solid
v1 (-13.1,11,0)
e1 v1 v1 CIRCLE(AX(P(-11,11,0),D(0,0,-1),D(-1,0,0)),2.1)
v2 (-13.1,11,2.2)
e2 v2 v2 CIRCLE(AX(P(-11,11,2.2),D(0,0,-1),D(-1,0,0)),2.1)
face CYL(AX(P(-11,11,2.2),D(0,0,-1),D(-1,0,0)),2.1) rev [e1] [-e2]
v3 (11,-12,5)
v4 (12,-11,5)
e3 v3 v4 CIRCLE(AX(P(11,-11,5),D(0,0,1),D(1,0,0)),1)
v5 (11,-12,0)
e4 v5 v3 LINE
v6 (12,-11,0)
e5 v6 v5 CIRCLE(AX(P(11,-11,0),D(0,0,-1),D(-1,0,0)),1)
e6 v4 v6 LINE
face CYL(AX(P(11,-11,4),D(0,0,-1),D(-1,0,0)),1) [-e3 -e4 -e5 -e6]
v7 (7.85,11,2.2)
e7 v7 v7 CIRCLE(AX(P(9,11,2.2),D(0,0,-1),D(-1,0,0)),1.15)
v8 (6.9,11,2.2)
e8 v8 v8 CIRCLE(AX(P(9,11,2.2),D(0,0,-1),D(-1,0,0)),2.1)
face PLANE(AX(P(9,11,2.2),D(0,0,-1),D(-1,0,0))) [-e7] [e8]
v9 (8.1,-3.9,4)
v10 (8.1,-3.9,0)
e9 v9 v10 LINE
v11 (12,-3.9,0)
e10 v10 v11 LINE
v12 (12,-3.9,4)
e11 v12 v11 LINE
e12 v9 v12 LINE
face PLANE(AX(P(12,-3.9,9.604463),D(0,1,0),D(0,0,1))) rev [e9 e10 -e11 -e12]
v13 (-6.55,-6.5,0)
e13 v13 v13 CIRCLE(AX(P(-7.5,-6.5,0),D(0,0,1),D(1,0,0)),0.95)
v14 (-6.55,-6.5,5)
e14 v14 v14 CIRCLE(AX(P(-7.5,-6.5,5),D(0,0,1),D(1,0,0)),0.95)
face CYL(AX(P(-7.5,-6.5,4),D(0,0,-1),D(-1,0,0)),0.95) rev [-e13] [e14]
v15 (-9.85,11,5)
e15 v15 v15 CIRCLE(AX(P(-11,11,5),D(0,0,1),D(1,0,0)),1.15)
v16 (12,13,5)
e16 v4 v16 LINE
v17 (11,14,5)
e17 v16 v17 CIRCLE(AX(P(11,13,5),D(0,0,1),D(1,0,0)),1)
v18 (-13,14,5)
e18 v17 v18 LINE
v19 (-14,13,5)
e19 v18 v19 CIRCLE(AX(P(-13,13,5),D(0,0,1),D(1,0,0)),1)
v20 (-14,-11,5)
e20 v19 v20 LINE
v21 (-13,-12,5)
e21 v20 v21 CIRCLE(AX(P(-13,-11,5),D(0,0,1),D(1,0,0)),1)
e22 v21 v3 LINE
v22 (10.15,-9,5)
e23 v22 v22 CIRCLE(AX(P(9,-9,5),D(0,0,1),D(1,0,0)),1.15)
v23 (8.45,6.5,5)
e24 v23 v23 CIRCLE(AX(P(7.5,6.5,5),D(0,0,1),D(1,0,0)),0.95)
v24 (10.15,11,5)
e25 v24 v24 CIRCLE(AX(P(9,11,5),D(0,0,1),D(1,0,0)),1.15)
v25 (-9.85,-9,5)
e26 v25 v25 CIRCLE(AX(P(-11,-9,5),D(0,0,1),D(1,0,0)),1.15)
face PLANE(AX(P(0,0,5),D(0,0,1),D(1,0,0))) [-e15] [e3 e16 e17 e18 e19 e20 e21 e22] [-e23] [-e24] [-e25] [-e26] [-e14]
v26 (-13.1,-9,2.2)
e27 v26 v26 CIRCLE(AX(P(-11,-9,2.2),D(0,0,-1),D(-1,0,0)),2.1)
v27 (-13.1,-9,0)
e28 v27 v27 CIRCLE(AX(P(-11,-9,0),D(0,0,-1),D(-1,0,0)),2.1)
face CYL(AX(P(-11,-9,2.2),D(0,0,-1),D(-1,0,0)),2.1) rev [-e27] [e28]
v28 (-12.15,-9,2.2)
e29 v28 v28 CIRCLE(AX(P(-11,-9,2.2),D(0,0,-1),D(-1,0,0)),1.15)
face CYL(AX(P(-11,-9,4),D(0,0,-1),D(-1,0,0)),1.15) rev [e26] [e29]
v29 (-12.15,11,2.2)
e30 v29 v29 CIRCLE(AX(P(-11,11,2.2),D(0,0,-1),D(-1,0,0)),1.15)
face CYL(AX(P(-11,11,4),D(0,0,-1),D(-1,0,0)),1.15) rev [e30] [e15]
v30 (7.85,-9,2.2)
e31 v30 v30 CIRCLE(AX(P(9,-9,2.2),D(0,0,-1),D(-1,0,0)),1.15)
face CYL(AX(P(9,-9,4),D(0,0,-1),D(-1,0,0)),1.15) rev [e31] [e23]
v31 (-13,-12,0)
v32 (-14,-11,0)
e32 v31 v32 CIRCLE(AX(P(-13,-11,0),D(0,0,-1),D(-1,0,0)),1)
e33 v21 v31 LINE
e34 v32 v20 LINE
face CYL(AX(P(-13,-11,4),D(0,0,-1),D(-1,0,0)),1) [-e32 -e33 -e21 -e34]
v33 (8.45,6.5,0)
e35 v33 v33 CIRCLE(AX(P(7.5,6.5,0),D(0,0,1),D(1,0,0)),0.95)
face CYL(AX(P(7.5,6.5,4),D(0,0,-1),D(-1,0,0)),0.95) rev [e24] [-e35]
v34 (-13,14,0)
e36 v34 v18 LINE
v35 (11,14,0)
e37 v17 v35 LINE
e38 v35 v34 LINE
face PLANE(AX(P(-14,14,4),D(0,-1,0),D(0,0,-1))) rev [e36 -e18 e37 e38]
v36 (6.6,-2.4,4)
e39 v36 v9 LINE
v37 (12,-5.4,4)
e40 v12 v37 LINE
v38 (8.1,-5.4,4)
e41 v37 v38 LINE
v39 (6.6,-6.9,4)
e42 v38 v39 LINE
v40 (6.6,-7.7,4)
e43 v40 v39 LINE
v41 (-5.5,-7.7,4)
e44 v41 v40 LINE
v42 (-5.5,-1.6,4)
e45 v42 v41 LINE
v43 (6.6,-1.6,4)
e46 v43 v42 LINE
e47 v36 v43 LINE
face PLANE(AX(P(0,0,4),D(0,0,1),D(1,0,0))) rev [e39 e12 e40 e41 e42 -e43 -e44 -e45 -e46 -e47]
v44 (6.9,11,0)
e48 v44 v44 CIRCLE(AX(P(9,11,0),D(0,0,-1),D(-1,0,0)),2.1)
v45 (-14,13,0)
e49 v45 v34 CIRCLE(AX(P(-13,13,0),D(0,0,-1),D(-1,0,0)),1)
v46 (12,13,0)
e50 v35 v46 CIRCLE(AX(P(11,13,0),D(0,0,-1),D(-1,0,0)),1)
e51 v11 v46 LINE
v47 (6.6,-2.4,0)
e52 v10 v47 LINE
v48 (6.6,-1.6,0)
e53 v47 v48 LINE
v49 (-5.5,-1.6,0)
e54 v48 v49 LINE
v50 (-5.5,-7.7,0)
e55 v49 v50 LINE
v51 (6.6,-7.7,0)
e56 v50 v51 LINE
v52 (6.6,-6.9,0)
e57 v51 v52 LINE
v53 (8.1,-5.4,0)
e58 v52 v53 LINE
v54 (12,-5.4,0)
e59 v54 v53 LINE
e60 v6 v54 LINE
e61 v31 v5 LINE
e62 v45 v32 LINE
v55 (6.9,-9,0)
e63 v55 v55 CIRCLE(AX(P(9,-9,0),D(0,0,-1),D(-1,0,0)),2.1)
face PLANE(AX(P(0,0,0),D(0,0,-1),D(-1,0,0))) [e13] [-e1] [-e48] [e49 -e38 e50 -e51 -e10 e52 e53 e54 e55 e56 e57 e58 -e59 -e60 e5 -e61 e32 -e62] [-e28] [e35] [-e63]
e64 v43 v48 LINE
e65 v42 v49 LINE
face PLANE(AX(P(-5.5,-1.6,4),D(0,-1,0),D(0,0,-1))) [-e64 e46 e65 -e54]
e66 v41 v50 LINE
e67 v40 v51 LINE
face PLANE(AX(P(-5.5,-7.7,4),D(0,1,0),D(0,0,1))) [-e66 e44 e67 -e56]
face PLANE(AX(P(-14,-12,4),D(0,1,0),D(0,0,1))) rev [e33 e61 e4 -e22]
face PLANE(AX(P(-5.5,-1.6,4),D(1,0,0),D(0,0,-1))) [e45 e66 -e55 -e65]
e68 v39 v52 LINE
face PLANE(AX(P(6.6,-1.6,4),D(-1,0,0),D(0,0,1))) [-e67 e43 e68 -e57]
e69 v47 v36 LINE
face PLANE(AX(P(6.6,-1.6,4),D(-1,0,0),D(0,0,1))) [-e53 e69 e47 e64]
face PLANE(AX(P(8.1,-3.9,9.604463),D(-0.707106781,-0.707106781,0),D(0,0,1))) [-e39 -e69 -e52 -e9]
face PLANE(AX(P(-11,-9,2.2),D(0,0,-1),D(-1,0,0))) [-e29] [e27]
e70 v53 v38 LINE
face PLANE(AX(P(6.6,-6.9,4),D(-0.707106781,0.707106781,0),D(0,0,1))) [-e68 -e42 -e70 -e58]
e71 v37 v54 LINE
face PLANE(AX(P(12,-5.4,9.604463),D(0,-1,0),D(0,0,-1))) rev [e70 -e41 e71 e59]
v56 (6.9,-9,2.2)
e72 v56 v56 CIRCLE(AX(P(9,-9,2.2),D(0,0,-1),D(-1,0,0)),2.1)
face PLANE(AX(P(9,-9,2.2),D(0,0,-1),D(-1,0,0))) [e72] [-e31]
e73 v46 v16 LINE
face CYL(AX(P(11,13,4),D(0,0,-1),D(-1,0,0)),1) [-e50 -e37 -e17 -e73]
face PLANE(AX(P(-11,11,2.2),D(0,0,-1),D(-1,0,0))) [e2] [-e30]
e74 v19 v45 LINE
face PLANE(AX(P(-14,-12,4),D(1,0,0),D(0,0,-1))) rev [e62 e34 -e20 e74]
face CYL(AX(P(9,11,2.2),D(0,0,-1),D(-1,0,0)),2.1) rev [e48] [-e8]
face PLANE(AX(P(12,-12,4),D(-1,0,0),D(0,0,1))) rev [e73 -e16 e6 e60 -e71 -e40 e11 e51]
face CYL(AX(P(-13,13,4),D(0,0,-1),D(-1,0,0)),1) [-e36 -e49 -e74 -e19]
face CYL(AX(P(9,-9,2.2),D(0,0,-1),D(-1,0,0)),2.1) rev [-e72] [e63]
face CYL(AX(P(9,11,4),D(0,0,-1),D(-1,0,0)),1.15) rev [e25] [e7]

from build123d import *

# Parameters (mm, degrees)
SKETCH1_W           = 26
SKETCH1_H           = 26
SKETCH1_R           = 1.15
SKETCH1_R_2         = 0.95
SKETCH1_W_2         = 12.1
SKETCH1_H_2         = 6.1
BOSS_EXTRUDE1_DEPTH = 4
SKETCH7_W           = 26
SKETCH7_H           = 26
SKETCH7_R           = 0.95
SKETCH7_R_2         = 1.15
BOSS_EXTRUDE4_DEPTH = 1
SKETCH8_R           = 2.1
CUT_EXTRUDE5_DEPTH  = 2.2
SKETCH3_W           = 5.4
SKETCH3_H           = 1.5
CUT_EXTRUDE6_DEPTH  = 4
CHAMFER2_SIZE       = 1.5
FILLET1_R           = 1


with BuildPart() as part:
    # Sketch1 → Boss-Extrude1 (new body)
    with BuildSketch(Plane.XY):
        with Locations((-1, 1)):
            Rectangle(SKETCH1_W, SKETCH1_H)
        with Locations((-11, 11)):
            Circle(SKETCH1_R, mode=Mode.SUBTRACT)
        with Locations((9, 11)):
            Circle(SKETCH1_R, mode=Mode.SUBTRACT)
        with Locations((9, -9)):
            Circle(SKETCH1_R, mode=Mode.SUBTRACT)
        with Locations((-11, -9)):
            Circle(SKETCH1_R, mode=Mode.SUBTRACT)
        with Locations((7.5, 6.5)):
            Circle(SKETCH1_R_2, mode=Mode.SUBTRACT)
        with Locations((-7.5, -6.5)):
            Circle(SKETCH1_R_2, mode=Mode.SUBTRACT)
        with Locations((0.55, -4.65)):
            Rectangle(SKETCH1_W_2, SKETCH1_H_2, mode=Mode.SUBTRACT)
    extrude(amount=BOSS_EXTRUDE1_DEPTH)

    # Sketch7 → Boss-Extrude4 (add)
    with BuildSketch(Plane.XY.offset(4)):
        with Locations((-1, 1)):
            Rectangle(SKETCH7_W, SKETCH7_H)
        with Locations((7.5, 6.5)):
            Circle(SKETCH7_R, mode=Mode.SUBTRACT)
        with Locations((-7.5, -6.5)):
            Circle(SKETCH7_R, mode=Mode.SUBTRACT)
        with Locations((-11, -9)):
            Circle(SKETCH7_R_2, mode=Mode.SUBTRACT)
        with Locations((9, -9)):
            Circle(SKETCH7_R_2, mode=Mode.SUBTRACT)
        with Locations((9, 11)):
            Circle(SKETCH7_R_2, mode=Mode.SUBTRACT)
        with Locations((-11, 11)):
            Circle(SKETCH7_R_2, mode=Mode.SUBTRACT)
    extrude(amount=BOSS_EXTRUDE4_DEPTH)

    # Sketch8 → Cut-Extrude5 (cut)
    with BuildSketch(Plane(origin=(0, 0, 0), x_dir=(-1, 0, 0), z_dir=(0, 0, -1))):
        with Locations((-9, 11)):
            Circle(SKETCH8_R)
        with Locations((11, 11)):
            Circle(SKETCH8_R)
        with Locations((11, -9)):
            Circle(SKETCH8_R)
        with Locations((-9, -9)):
            Circle(SKETCH8_R)
    extrude(amount=-CUT_EXTRUDE5_DEPTH, mode=Mode.SUBTRACT)

    # Sketch3 → Cut-Extrude6 (cut)
    with BuildSketch(Plane(origin=(0, 0, 0), x_dir=(-1, 0, 0), z_dir=(0, 0, -1))):
        with Locations((-9.3, -4.65)):
            Rectangle(SKETCH3_W, SKETCH3_H)
    extrude(amount=-CUT_EXTRUDE6_DEPTH, mode=Mode.SUBTRACT)

    # Chamfer2
    chamfer2_edges = [part.edges().sort_by_distance(p)[0] for p in [
        (6.6, -5.4, 2),
        (6.6, -3.9, 2),
    ]]
    chamfer(chamfer2_edges, length=CHAMFER2_SIZE)

    # Fillet1
    fillet1_edges = [part.edges().sort_by_distance(p)[0] for p in [
        (12, -12, 2.5),
        (-14, -12, 2.5),
        (-14, 14, 2.5),
        (12, 14, 2.5),
    ]]
    fillet(fillet1_edges, radius=FILLET1_R)


solid = part.part
